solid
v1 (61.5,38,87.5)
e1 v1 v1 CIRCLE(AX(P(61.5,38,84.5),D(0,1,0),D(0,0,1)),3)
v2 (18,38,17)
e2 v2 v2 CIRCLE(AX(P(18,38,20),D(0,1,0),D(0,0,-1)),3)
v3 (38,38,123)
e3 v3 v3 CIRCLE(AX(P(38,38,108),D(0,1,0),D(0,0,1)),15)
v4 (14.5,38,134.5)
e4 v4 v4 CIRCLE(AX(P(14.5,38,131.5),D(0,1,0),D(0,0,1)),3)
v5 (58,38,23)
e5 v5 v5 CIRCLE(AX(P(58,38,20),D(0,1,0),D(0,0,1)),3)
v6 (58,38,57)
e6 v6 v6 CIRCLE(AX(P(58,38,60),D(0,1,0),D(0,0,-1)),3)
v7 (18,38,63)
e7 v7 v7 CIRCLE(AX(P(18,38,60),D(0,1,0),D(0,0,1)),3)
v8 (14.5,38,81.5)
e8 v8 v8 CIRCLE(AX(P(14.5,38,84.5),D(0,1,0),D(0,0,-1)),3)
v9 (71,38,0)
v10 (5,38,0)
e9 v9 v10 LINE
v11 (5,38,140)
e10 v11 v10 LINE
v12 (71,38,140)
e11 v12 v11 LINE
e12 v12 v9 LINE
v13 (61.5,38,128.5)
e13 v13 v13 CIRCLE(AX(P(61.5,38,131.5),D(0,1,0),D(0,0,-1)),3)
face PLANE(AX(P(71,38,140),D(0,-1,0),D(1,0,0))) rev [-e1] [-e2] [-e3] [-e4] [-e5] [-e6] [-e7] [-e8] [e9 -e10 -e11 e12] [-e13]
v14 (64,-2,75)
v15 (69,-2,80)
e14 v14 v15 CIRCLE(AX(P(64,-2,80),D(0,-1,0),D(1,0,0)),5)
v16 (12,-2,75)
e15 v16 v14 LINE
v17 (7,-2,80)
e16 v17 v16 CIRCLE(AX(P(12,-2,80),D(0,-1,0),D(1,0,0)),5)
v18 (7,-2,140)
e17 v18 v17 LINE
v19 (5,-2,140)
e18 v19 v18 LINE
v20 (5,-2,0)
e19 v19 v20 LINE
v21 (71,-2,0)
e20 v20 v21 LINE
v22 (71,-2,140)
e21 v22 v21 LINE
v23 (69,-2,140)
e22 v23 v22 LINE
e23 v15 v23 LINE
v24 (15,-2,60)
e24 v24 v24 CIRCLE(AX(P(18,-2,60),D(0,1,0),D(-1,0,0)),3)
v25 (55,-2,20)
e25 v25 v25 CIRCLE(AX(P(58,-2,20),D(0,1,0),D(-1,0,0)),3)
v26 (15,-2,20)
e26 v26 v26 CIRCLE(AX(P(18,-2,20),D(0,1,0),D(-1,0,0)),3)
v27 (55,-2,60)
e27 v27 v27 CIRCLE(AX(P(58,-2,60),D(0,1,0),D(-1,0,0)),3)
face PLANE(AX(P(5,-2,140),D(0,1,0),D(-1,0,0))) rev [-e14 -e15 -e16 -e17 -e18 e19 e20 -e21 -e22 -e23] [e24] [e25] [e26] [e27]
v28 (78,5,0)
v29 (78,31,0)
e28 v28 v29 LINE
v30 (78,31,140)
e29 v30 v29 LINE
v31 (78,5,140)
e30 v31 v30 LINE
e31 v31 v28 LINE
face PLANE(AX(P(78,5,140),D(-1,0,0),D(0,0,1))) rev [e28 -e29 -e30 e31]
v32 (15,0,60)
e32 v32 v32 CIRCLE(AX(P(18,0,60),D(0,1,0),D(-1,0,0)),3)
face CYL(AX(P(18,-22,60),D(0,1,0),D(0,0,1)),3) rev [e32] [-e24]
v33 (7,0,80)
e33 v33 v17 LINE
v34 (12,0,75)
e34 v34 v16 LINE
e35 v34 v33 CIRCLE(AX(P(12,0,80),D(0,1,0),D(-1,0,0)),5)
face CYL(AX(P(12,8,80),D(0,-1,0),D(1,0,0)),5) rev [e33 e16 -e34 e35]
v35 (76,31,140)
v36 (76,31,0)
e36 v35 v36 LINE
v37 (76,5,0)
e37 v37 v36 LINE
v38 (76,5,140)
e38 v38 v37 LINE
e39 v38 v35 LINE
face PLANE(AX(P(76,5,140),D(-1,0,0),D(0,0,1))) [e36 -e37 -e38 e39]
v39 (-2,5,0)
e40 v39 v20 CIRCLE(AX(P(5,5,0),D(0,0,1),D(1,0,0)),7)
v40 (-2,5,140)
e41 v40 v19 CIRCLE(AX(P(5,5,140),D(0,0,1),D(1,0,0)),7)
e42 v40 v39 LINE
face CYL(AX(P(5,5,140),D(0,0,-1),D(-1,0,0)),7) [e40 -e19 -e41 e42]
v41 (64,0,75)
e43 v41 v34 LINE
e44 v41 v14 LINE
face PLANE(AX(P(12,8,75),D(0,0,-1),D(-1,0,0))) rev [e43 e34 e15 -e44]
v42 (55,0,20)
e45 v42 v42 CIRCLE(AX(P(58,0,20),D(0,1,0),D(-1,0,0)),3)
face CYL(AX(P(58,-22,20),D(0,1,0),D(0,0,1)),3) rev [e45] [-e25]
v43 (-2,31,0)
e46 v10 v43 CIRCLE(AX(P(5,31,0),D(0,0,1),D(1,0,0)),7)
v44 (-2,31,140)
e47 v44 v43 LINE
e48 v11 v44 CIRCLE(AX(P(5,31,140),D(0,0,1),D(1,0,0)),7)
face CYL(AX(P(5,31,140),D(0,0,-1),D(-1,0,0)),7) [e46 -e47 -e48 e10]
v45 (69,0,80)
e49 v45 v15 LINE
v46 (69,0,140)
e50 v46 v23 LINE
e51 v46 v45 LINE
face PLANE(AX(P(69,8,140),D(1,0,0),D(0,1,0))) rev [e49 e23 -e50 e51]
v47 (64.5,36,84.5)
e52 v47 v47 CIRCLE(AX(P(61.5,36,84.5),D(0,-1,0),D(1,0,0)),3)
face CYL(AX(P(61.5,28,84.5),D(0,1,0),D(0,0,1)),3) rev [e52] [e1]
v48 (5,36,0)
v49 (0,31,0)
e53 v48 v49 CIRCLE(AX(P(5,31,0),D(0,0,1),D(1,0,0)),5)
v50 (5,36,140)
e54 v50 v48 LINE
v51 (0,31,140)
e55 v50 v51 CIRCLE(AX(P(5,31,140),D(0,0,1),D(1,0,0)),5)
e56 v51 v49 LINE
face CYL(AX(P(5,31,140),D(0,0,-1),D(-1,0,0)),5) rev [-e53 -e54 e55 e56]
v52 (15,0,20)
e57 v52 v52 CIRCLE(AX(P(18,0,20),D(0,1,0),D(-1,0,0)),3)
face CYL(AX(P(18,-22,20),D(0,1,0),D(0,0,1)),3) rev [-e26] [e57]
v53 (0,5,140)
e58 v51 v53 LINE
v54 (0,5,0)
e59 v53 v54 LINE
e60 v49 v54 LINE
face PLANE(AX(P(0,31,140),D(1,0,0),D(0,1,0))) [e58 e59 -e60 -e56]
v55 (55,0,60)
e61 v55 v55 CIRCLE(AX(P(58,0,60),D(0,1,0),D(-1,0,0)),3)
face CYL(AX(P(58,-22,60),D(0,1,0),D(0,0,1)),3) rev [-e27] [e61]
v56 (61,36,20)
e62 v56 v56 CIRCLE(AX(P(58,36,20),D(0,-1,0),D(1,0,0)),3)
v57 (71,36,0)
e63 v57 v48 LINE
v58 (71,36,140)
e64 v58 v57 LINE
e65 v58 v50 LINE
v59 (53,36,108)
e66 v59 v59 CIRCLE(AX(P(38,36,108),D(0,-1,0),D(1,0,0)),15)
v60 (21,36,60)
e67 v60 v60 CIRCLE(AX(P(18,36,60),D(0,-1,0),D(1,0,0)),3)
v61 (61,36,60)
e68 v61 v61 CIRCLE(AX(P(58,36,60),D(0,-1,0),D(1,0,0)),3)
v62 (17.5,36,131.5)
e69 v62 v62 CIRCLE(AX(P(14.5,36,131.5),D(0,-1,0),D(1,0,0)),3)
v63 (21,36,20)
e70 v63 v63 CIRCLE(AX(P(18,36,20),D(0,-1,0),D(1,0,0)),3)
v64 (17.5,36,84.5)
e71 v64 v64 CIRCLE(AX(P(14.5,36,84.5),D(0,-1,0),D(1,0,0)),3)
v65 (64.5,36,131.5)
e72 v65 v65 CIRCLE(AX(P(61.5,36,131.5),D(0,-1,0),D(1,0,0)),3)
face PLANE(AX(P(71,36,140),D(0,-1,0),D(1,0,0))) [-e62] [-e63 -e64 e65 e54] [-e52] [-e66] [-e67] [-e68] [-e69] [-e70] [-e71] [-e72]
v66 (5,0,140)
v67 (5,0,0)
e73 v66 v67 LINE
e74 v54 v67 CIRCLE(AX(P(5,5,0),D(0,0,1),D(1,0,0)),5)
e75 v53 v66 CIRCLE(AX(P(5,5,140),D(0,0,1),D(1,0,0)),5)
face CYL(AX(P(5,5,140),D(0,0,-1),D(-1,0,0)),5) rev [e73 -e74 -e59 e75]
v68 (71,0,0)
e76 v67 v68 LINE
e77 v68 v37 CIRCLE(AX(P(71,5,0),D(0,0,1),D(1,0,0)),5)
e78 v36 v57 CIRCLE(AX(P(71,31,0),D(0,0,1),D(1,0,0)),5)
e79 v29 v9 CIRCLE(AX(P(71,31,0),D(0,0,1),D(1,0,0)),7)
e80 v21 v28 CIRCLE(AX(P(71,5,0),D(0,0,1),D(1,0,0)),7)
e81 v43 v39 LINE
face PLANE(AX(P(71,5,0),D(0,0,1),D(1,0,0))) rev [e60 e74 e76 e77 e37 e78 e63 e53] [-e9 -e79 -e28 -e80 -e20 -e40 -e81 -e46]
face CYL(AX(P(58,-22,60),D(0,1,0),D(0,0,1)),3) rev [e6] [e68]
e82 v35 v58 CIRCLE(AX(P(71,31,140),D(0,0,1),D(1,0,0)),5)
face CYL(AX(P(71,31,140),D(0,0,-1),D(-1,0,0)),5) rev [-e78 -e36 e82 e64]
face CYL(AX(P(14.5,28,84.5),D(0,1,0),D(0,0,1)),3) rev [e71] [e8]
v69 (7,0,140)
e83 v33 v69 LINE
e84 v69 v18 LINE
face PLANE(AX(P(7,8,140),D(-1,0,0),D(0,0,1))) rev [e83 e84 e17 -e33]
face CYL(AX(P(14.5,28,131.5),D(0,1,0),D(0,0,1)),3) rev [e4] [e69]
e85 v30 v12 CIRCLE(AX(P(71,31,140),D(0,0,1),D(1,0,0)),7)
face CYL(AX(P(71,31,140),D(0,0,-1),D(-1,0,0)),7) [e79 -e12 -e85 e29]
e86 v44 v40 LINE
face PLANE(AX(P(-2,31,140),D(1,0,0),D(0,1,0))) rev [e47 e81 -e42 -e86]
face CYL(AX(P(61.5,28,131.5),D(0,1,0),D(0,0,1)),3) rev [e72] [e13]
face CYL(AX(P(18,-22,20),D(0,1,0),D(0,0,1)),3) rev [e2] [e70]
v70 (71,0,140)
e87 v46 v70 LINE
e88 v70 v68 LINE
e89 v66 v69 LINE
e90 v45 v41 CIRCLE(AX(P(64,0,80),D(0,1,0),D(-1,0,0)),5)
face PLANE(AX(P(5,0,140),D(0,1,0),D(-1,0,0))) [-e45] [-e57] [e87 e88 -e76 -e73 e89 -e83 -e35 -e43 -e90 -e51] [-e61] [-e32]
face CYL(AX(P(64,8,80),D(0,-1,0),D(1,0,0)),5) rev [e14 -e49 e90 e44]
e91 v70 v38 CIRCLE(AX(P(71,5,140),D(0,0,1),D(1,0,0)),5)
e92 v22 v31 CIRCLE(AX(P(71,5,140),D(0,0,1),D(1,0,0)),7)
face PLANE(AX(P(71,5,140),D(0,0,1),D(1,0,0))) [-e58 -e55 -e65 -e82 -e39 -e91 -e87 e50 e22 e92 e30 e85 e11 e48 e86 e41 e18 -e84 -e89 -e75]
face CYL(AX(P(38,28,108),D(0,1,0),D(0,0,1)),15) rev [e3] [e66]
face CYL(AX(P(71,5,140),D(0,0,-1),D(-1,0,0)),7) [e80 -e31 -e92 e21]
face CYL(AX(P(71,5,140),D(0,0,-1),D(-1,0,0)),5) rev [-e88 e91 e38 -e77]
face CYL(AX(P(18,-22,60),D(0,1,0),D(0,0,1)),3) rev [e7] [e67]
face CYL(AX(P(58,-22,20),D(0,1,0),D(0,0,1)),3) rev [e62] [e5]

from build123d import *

# Parameters (mm, degrees)
AUFSATZ_LINEAR_AUSTRAGEN1_DEPTH = 140
SKIZZE2_R                       = 15
SCHNITT_LINEAR_AUSTRAGEN1_DEPTH = 10
SCHNITT_LINEAR_AUSTRAGEN2_DEPTH = 10
SKIZZE4_R                       = 3
SCHNITT_LINEAR_AUSTRAGEN3_DEPTH = 10
SKIZZE5_R                       = 3
SCHNITT_LINEAR_AUSTRAGEN4_DEPTH = 60


with BuildPart() as part:
    # Skizze1 → Aufsatz-Linear austragen1 (new body)
    with BuildSketch(Plane.XY):
        with BuildLine():
            Line((78, 5), (78, 31))
            ThreePointArc((78, 31), (75.949747468, 35.949747468), (71, 38))
            Line((71, 38), (5, 38))
            ThreePointArc((5, 38), (0.050252532, 35.949747468), (-2, 31))
            Line((-2, 31), (-2, 5))
            ThreePointArc((-2, 5), (0.050252532, 0.050252532), (5, -2))
            Line((5, -2), (71, -2))
            ThreePointArc((71, -2), (75.949747468, 0.050252532), (78, 5))
        make_face()
        with BuildLine():
            Line((0, 31), (0, 5))
            ThreePointArc((0, 5), (1.464466094, 1.464466094), (5, 0))
            Line((5, 0), (71, 0))
            ThreePointArc((71, 0), (74.535533906, 1.464466094), (76, 5))
            Line((76, 5), (76, 31))
            ThreePointArc((76, 31), (74.535533906, 34.535533906), (71, 36))
            Line((71, 36), (5, 36))
            ThreePointArc((5, 36), (1.464466094, 34.535533906), (0, 31))
        make_face(mode=Mode.SUBTRACT)
    extrude(amount=AUFSATZ_LINEAR_AUSTRAGEN1_DEPTH)

    # Skizze2 → Schnitt-Linear austragen1 (cut)
    with BuildSketch(Plane(origin=(0, 38, 0), x_dir=(-1, 0, 0), z_dir=(0, 1, 0))):
        with Locations(Location((-38, 108, 0), (0, 0, 90))):
            Circle(SKIZZE2_R)
    extrude(amount=-SCHNITT_LINEAR_AUSTRAGEN1_DEPTH, mode=Mode.SUBTRACT)

    # Skizze3 → Schnitt-Linear austragen2 (cut)
    with BuildSketch(Plane.XZ.offset(2)):
        with BuildLine():
            Line((7, 140), (69, 140))
            Line((69, 140), (69, 80))
            ThreePointArc((69, 80), (67.535533906, 76.464466094), (64, 75))
            Line((64, 75), (12, 75))
            ThreePointArc((12, 75), (8.464466094, 76.464466094), (7, 80))
            Line((7, 80), (7, 140))
        make_face()
    extrude(amount=-SCHNITT_LINEAR_AUSTRAGEN2_DEPTH, mode=Mode.SUBTRACT)

    # Skizze4 → Schnitt-Linear austragen3 (cut)
    with BuildSketch(Plane(origin=(0, 38, 0), x_dir=(1, 0, 0), z_dir=(0, 1, 0))):
        with Locations(Location((61.5, -84.5, 0), (0, 0, 270))):
            Circle(SKIZZE4_R)
        with Locations((14.5, -84.5)):
            Circle(SKIZZE4_R)
        with Locations(Location((14.5, -131.5, 0), (0, 0, 270))):
            Circle(SKIZZE4_R)
        with Locations((61.5, -131.5)):
            Circle(SKIZZE4_R)
    extrude(amount=-SCHNITT_LINEAR_AUSTRAGEN3_DEPTH, mode=Mode.SUBTRACT)

    # Skizze5 → Schnitt-Linear austragen4 (cut)
    with BuildSketch(Plane(origin=(0, 38, 0), x_dir=(1, 0, 0), z_dir=(0, 1, 0))):
        with Locations(Location((58, -20, 0), (0, 0, 180))):
            Circle(SKIZZE5_R)
        with Locations(Location((18, -20, 0), (0, 0, 180))):
            Circle(SKIZZE5_R)
        with Locations(Location((58, -60, 0), (0, 0, 180))):
            Circle(SKIZZE5_R)
        with Locations(Location((18, -60, 0), (0, 0, 180))):
            Circle(SKIZZE5_R)
    extrude(amount=-SCHNITT_LINEAR_AUSTRAGEN4_DEPTH, mode=Mode.SUBTRACT)


solid = part.part
